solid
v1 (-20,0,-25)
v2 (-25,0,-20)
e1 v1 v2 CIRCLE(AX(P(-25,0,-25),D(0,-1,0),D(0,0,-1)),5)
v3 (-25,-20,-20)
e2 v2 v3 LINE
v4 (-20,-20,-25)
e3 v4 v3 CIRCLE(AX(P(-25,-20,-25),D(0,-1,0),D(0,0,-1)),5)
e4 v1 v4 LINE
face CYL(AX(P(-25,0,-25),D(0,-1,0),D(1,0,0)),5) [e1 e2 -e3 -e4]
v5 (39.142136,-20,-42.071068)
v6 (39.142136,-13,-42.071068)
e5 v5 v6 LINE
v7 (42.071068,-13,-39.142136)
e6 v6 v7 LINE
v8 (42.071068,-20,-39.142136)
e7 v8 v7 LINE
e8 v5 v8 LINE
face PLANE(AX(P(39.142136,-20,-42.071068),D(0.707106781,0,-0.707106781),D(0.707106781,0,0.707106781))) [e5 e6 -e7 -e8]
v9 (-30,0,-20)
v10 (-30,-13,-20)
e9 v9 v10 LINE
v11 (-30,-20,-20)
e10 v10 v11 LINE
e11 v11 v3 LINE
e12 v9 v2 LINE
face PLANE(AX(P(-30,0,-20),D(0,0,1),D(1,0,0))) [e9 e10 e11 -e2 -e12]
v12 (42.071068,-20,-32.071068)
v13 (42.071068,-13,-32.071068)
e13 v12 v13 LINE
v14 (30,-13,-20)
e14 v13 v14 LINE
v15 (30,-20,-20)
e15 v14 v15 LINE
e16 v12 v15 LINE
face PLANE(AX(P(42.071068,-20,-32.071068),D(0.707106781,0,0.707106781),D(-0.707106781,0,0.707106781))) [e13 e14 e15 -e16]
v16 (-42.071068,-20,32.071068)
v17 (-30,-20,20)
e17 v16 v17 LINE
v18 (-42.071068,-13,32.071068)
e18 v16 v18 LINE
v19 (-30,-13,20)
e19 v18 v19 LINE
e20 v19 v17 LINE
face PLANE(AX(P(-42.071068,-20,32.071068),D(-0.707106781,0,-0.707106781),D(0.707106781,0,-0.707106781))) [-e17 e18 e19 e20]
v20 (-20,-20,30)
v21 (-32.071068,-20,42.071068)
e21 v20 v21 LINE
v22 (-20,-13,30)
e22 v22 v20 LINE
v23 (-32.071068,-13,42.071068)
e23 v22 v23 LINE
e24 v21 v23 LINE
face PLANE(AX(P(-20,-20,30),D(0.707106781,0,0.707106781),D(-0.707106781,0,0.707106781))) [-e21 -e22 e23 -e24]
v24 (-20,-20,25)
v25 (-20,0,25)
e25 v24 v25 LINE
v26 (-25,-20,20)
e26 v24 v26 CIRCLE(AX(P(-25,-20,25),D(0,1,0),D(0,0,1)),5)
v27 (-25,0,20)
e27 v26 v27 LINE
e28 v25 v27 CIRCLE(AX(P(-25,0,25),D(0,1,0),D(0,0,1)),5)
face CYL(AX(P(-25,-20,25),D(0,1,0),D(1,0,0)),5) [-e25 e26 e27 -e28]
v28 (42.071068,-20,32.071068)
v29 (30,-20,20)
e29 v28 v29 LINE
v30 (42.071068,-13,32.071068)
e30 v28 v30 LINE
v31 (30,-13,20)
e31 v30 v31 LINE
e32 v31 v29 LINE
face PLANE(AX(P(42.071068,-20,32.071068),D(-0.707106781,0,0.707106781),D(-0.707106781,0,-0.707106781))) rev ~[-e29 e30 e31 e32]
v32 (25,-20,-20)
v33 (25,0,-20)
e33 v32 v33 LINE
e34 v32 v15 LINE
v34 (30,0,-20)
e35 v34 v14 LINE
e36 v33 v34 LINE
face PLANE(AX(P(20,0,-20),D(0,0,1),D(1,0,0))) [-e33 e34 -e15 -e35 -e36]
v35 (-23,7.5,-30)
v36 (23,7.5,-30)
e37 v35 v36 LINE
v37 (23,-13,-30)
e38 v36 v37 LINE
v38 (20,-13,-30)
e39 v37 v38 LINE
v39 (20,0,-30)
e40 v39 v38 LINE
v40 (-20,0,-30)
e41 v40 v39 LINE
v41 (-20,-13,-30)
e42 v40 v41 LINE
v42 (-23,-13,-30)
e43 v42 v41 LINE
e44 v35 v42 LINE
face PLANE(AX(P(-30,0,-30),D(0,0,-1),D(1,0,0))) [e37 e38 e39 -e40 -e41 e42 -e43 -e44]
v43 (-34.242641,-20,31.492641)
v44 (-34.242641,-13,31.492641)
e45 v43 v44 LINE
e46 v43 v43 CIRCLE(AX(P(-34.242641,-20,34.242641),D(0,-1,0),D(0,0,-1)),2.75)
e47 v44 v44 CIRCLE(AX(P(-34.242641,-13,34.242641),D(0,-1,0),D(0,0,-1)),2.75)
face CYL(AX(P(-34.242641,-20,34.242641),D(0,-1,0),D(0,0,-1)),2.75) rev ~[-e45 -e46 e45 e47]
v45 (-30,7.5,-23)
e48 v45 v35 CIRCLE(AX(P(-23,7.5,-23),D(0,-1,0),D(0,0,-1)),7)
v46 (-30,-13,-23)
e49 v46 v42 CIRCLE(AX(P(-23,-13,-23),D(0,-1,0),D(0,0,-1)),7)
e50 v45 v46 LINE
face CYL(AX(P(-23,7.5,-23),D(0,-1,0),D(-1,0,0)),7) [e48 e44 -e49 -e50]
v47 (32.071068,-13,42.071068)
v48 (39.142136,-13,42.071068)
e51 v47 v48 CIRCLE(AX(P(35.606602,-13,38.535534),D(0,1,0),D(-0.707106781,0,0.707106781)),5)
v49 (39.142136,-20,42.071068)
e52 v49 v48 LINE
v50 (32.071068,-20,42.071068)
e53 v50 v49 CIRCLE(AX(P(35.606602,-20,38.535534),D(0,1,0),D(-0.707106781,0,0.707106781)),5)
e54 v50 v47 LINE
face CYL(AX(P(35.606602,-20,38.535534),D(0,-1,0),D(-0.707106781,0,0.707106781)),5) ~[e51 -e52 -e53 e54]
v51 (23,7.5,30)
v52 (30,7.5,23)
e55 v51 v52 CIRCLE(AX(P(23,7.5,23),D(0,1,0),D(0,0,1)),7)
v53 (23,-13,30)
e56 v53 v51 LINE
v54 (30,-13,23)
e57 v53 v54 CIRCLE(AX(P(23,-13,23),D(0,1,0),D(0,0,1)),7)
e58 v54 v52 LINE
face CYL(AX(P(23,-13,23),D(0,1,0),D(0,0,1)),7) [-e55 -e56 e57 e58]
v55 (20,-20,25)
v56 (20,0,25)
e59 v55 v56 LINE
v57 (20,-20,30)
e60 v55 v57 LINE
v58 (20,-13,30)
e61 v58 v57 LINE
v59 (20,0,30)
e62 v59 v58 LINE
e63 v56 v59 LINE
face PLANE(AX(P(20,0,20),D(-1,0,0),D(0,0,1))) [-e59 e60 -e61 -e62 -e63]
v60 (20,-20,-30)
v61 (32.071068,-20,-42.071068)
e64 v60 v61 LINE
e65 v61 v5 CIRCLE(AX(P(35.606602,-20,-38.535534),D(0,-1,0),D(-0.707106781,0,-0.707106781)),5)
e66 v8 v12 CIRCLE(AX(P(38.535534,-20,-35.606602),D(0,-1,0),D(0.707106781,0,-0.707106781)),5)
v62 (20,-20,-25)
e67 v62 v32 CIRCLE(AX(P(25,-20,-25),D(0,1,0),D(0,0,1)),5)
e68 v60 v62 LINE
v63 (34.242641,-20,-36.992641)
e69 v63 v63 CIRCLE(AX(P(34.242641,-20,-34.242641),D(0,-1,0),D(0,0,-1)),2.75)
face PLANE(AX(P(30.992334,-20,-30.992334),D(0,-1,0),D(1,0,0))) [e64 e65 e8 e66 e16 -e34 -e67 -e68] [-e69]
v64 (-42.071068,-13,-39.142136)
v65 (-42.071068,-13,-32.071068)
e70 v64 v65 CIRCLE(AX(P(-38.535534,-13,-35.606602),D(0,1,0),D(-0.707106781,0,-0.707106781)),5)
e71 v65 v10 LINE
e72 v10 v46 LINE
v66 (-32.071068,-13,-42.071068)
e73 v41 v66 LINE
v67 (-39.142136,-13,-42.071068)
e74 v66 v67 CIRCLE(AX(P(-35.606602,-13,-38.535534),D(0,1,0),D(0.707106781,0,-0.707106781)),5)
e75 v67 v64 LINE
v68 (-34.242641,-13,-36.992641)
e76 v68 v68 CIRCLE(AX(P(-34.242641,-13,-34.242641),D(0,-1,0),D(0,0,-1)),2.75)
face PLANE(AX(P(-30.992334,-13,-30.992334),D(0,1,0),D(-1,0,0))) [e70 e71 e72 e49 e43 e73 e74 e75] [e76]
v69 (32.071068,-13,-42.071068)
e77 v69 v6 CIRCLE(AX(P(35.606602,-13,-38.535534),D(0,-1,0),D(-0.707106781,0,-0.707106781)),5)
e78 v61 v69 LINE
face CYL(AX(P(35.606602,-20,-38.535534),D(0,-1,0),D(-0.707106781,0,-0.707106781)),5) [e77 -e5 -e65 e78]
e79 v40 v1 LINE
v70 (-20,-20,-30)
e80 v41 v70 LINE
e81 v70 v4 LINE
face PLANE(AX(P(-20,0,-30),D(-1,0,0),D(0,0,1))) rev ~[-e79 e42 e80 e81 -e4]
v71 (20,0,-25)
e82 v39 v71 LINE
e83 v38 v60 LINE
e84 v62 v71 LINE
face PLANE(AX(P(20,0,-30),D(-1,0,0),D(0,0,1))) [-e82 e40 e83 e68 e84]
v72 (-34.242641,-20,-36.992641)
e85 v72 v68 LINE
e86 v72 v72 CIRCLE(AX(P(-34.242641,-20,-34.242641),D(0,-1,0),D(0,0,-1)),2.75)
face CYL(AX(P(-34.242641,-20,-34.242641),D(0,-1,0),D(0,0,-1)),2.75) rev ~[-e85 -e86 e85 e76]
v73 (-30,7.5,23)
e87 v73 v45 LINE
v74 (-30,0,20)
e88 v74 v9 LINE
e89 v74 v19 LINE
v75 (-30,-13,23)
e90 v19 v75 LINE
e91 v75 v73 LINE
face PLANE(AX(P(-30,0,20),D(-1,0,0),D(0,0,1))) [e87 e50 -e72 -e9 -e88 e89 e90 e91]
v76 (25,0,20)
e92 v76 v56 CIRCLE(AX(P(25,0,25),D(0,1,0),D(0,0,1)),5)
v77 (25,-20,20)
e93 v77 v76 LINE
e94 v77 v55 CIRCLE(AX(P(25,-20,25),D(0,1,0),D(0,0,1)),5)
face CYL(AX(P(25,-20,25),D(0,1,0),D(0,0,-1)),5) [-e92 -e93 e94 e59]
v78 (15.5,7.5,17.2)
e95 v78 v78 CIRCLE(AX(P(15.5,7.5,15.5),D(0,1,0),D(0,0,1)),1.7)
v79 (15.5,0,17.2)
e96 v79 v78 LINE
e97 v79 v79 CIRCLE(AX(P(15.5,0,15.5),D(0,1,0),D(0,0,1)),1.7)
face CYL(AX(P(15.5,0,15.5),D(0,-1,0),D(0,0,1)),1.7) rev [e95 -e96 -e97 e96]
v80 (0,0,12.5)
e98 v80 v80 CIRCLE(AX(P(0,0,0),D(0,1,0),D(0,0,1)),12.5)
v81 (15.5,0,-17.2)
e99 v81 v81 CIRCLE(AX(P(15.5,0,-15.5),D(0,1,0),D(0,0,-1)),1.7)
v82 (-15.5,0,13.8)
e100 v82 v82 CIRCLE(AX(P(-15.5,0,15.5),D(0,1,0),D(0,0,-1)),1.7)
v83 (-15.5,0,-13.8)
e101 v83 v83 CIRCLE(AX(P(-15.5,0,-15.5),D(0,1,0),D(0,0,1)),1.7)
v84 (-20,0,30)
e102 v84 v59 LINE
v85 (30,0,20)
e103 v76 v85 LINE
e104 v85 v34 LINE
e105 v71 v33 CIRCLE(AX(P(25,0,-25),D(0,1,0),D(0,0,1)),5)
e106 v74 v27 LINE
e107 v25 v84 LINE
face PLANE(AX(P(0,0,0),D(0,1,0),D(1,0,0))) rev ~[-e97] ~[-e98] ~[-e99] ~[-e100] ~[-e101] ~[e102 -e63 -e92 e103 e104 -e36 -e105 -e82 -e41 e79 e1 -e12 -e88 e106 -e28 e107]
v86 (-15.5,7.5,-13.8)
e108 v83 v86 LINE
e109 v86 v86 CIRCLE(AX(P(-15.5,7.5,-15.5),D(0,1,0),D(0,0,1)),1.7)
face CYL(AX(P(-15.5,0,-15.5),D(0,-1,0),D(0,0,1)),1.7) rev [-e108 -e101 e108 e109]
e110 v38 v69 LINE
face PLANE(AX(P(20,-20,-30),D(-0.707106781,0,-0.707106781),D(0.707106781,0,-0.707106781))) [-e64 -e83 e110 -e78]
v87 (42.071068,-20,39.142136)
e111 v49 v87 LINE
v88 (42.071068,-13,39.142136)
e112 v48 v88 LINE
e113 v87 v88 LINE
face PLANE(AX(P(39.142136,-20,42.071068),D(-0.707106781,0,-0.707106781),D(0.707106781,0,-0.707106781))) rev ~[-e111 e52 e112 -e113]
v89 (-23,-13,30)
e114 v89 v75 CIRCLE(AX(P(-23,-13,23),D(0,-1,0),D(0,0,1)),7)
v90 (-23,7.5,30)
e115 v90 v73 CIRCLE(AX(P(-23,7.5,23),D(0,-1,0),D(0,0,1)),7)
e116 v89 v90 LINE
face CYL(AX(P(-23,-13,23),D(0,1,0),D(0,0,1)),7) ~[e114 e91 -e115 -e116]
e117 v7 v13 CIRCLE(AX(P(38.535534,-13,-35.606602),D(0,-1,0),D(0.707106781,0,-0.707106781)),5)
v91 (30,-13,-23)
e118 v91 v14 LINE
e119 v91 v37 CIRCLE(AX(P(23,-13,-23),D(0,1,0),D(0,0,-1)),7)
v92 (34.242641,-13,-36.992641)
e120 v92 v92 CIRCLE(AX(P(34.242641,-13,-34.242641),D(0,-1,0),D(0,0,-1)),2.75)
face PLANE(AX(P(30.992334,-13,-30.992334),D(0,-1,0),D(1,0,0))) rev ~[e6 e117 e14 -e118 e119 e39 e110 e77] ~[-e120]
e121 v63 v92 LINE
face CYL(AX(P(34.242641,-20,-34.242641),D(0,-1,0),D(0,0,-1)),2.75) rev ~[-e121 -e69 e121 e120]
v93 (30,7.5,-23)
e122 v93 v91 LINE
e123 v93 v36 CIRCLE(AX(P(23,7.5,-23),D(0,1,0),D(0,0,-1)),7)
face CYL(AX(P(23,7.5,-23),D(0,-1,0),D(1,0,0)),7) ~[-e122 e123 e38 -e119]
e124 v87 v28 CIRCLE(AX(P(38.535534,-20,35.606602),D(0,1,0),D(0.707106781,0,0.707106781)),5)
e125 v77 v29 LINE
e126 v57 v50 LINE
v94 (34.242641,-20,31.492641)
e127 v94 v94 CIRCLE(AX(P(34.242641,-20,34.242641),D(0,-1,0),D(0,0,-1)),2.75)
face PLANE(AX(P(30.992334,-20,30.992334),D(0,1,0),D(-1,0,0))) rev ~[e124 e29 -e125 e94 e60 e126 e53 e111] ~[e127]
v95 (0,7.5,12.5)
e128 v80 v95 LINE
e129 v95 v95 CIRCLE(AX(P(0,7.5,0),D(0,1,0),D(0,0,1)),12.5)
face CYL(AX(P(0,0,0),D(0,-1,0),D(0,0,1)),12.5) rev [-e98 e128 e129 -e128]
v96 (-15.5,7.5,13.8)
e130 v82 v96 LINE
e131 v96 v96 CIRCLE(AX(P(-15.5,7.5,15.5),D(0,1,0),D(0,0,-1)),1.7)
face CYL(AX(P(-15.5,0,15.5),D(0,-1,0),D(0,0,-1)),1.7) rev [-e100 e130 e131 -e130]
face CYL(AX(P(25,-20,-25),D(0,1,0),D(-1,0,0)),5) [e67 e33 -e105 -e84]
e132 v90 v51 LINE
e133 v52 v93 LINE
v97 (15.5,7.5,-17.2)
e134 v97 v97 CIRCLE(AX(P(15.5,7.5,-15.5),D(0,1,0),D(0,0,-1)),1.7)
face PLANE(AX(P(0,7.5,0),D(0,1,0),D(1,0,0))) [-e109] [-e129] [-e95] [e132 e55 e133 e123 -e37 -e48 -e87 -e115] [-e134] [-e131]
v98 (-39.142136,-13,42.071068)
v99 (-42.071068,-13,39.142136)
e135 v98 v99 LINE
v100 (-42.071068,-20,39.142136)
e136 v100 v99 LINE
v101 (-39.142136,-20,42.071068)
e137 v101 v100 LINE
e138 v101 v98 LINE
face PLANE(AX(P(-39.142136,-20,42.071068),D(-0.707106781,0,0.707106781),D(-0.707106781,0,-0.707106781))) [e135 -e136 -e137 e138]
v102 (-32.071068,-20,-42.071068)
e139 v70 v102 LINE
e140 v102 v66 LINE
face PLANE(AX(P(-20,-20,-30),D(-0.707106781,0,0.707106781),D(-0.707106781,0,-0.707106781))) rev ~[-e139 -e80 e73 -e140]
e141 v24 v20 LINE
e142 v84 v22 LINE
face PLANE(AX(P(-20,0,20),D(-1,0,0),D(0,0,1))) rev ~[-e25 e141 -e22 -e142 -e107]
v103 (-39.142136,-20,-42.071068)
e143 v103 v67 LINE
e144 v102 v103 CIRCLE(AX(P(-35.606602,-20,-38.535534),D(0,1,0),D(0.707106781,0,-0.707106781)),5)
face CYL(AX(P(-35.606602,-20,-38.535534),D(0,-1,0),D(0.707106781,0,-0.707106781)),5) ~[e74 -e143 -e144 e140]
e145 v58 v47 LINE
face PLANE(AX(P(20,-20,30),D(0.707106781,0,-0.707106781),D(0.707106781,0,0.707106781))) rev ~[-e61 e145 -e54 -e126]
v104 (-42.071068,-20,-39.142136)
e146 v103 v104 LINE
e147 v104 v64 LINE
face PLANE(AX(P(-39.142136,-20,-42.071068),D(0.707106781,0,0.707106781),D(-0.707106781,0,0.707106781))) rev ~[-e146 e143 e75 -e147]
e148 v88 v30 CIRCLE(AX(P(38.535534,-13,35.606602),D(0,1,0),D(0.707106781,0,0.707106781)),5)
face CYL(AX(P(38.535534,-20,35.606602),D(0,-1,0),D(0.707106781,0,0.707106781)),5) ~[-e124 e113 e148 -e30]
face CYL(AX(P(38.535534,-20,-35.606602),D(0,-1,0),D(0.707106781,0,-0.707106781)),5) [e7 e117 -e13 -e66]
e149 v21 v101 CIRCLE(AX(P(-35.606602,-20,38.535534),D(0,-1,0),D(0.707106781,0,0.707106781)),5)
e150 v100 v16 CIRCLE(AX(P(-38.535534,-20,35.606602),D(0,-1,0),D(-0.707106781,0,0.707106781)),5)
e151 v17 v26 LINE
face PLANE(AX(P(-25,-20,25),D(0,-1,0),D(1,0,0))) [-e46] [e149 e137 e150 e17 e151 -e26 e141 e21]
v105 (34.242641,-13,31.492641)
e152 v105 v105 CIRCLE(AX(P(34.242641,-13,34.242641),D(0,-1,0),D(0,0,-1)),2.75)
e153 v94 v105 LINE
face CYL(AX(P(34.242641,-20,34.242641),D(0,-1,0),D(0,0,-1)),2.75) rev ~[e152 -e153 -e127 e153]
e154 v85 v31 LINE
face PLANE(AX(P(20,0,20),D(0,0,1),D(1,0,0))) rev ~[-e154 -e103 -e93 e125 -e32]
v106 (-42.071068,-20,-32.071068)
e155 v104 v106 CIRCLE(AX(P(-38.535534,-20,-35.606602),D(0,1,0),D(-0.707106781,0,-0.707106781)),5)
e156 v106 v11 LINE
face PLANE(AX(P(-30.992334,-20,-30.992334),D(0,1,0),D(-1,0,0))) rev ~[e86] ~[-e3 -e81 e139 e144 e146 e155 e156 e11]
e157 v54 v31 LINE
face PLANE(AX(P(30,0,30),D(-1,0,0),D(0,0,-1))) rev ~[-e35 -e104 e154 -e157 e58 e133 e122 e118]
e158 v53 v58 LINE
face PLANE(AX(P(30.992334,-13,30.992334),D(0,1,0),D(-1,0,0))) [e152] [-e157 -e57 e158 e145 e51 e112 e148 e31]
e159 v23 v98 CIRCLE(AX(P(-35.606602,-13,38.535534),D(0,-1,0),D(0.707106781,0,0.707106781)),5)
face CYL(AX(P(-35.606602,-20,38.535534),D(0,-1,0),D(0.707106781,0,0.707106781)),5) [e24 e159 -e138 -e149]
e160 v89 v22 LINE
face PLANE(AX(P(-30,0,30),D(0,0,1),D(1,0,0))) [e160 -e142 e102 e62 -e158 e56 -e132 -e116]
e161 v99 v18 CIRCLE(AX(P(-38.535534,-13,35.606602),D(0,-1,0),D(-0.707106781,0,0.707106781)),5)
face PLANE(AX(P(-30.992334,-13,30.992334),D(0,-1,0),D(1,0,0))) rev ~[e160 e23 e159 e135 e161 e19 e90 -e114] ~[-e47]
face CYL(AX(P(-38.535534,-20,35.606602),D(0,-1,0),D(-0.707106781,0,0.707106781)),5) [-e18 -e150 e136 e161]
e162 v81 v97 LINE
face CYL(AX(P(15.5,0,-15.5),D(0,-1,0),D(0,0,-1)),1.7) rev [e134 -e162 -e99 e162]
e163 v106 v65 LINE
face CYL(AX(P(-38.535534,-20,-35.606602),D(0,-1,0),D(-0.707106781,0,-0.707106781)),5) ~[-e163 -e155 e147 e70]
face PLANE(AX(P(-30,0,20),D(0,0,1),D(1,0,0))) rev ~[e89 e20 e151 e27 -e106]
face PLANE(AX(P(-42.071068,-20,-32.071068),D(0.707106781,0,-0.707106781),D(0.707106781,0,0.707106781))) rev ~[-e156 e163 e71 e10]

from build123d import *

# Parameters (mm, degrees)
SKETCH2_W           = 60
SKETCH2_H           = 60
SKETCH2_R           = 1.7
SKETCH2_R_2         = 12.5
BOSS_EXTRUDE2_DEPTH = 7.5
SKETCH3_W           = 10
SKETCH3_H           = 10
BOSS_EXTRUDE3_DEPTH = 20
BOSS_EXTRUDE5_DEPTH = 7
FILLET2_R           = 7
FILLET3_R           = 5
SKETCH7_R           = 2.75
CUT_EXTRUDE1_DEPTH  = 68.430967848


with BuildPart() as part:
    # Sketch2 → Boss-Extrude2 (new body)
    with BuildSketch(Plane(origin=(0, 0, 0), x_dir=(1, 0, 0), z_dir=(0, 1, 0))):
        Rectangle(SKETCH2_W, SKETCH2_H)
        with Locations(Location((-15.5, 15.5, 0), (0, 0, 270))):
            Circle(SKETCH2_R, mode=Mode.SUBTRACT)
        with Locations(Location((15.5, 15.5, 0), (0, 0, 90))):
            Circle(SKETCH2_R, mode=Mode.SUBTRACT)
        with Locations(Location((-15.5, -15.5, 0), (0, 0, 90))):
            Circle(SKETCH2_R, mode=Mode.SUBTRACT)
        with Locations(Location((15.5, -15.5, 0), (0, 0, 270))):
            Circle(SKETCH2_R, mode=Mode.SUBTRACT)
        with Locations(Location((0, 0, 0), (0, 0, 270))):
            Circle(SKETCH2_R_2, mode=Mode.SUBTRACT)
    extrude(amount=BOSS_EXTRUDE2_DEPTH)

    # Sketch3 → Boss-Extrude3 (add)
    with BuildSketch(Plane.XZ):
        with Locations((-25, 25)):
            Rectangle(SKETCH3_W, SKETCH3_H)
        with Locations((-25, -25)):
            Rectangle(SKETCH3_W, SKETCH3_H)
        with Locations((25, -25)):
            Rectangle(SKETCH3_W, SKETCH3_H)
        with Locations((25, 25)):
            Rectangle(SKETCH3_W, SKETCH3_H)
    extrude(amount=BOSS_EXTRUDE3_DEPTH)

    # Sketch5 → Boss-Extrude5 (add)
    with BuildSketch(Plane.XZ.offset(20)):
        with BuildLine():
            Line((20, -30), (32.071067812, -42.071067812))
            ThreePointArc((32.071067812, -42.071067812), (35.606601718, -43.535533906), (39.142135624, -42.071067812))
            Line((39.142135624, -42.071067812), (42.071067812, -39.142135624))
            ThreePointArc((42.071067812, -39.142135624), (43.535533906, -35.606601718), (42.071067812, -32.071067812))
            Line((42.071067812, -32.071067812), (30, -20))
            Line((30, -20), (20, -20))
            Line((20, -20), (20, -30))
        make_face()
        with BuildLine():
            Line((-20, -20), (-20, -30))
            Line((-20, -30), (-32.071067812, -42.071067812))
            ThreePointArc((-32.071067812, -42.071067812), (-35.606601718, -43.535533906), (-39.142135624, -42.071067812))
            Line((-39.142135624, -42.071067812), (-42.071067812, -39.142135624))
            ThreePointArc((-42.071067812, -39.142135624), (-43.535533906, -35.606601718), (-42.071067812, -32.071067812))
            Line((-42.071067812, -32.071067812), (-30, -20))
            Line((-30, -20), (-20, -20))
        make_face()
        with BuildLine():
            Line((20, 20), (20, 30))
            Line((20, 30), (32.071067812, 42.071067812))
            ThreePointArc((32.071067812, 42.071067812), (35.606601718, 43.535533906), (39.142135624, 42.071067812))
            Line((39.142135624, 42.071067812), (42.071067812, 39.142135624))
            ThreePointArc((42.071067812, 39.142135624), (43.535533906, 35.606601718), (42.071067812, 32.071067812))
            Line((42.071067812, 32.071067812), (30, 20))
            Line((30, 20), (20, 20))
        make_face()
        with BuildLine():
            Line((-20, 30), (-32.071067812, 42.071067812))
            ThreePointArc((-32.071067812, 42.071067812), (-35.606601718, 43.535533906), (-39.142135624, 42.071067812))
            Line((-39.142135624, 42.071067812), (-42.071067812, 39.142135624))
            ThreePointArc((-42.071067812, 39.142135624), (-43.535533906, 35.606601718), (-42.071067812, 32.071067812))
            Line((-42.071067812, 32.071067812), (-30, 20))
            Line((-30, 20), (-20, 20))
            Line((-20, 20), (-20, 30))
        make_face()
    extrude(amount=-BOSS_EXTRUDE5_DEPTH)

    # Fillet2
    fillet2_edges = [part.edges().sort_by_distance(p)[0] for p in [
        (30, -2.75, 30),
        (-30, -2.75, 30),
        (-30, -2.75, -30),
        (30, -2.75, -30),
    ]]
    fillet(fillet2_edges, radius=FILLET2_R)

    # Fillet3
    fillet3_edges = [part.edges().sort_by_distance(p)[0] for p in [
        (-20, -10, 20),
        (-20, -10, -20),
        (20, -10, -20),
        (20, -10, 20),
    ]]
    fillet(fillet3_edges, radius=FILLET3_R)

    # Sketch7 → Cut-Extrude1 (cut, through all)
    with BuildSketch(Plane.XZ.offset(20)):
        with Locations(Location((34.242640687, -34.242640687, 0), (0, 0, 270))):
            Circle(SKETCH7_R)
        with Locations(Location((-34.242640687, -34.242640687, 0), (0, 0, 270))):
            Circle(SKETCH7_R)
        with Locations(Location((-34.242640687, 34.242640687, 0), (0, 0, 270))):
            Circle(SKETCH7_R)
        with Locations(Location((34.242640687, 34.242640687, 0), (0, 0, 270))):
            Circle(SKETCH7_R)
    extrude(amount=-CUT_EXTRUDE1_DEPTH, mode=Mode.SUBTRACT)


solid = part.part
